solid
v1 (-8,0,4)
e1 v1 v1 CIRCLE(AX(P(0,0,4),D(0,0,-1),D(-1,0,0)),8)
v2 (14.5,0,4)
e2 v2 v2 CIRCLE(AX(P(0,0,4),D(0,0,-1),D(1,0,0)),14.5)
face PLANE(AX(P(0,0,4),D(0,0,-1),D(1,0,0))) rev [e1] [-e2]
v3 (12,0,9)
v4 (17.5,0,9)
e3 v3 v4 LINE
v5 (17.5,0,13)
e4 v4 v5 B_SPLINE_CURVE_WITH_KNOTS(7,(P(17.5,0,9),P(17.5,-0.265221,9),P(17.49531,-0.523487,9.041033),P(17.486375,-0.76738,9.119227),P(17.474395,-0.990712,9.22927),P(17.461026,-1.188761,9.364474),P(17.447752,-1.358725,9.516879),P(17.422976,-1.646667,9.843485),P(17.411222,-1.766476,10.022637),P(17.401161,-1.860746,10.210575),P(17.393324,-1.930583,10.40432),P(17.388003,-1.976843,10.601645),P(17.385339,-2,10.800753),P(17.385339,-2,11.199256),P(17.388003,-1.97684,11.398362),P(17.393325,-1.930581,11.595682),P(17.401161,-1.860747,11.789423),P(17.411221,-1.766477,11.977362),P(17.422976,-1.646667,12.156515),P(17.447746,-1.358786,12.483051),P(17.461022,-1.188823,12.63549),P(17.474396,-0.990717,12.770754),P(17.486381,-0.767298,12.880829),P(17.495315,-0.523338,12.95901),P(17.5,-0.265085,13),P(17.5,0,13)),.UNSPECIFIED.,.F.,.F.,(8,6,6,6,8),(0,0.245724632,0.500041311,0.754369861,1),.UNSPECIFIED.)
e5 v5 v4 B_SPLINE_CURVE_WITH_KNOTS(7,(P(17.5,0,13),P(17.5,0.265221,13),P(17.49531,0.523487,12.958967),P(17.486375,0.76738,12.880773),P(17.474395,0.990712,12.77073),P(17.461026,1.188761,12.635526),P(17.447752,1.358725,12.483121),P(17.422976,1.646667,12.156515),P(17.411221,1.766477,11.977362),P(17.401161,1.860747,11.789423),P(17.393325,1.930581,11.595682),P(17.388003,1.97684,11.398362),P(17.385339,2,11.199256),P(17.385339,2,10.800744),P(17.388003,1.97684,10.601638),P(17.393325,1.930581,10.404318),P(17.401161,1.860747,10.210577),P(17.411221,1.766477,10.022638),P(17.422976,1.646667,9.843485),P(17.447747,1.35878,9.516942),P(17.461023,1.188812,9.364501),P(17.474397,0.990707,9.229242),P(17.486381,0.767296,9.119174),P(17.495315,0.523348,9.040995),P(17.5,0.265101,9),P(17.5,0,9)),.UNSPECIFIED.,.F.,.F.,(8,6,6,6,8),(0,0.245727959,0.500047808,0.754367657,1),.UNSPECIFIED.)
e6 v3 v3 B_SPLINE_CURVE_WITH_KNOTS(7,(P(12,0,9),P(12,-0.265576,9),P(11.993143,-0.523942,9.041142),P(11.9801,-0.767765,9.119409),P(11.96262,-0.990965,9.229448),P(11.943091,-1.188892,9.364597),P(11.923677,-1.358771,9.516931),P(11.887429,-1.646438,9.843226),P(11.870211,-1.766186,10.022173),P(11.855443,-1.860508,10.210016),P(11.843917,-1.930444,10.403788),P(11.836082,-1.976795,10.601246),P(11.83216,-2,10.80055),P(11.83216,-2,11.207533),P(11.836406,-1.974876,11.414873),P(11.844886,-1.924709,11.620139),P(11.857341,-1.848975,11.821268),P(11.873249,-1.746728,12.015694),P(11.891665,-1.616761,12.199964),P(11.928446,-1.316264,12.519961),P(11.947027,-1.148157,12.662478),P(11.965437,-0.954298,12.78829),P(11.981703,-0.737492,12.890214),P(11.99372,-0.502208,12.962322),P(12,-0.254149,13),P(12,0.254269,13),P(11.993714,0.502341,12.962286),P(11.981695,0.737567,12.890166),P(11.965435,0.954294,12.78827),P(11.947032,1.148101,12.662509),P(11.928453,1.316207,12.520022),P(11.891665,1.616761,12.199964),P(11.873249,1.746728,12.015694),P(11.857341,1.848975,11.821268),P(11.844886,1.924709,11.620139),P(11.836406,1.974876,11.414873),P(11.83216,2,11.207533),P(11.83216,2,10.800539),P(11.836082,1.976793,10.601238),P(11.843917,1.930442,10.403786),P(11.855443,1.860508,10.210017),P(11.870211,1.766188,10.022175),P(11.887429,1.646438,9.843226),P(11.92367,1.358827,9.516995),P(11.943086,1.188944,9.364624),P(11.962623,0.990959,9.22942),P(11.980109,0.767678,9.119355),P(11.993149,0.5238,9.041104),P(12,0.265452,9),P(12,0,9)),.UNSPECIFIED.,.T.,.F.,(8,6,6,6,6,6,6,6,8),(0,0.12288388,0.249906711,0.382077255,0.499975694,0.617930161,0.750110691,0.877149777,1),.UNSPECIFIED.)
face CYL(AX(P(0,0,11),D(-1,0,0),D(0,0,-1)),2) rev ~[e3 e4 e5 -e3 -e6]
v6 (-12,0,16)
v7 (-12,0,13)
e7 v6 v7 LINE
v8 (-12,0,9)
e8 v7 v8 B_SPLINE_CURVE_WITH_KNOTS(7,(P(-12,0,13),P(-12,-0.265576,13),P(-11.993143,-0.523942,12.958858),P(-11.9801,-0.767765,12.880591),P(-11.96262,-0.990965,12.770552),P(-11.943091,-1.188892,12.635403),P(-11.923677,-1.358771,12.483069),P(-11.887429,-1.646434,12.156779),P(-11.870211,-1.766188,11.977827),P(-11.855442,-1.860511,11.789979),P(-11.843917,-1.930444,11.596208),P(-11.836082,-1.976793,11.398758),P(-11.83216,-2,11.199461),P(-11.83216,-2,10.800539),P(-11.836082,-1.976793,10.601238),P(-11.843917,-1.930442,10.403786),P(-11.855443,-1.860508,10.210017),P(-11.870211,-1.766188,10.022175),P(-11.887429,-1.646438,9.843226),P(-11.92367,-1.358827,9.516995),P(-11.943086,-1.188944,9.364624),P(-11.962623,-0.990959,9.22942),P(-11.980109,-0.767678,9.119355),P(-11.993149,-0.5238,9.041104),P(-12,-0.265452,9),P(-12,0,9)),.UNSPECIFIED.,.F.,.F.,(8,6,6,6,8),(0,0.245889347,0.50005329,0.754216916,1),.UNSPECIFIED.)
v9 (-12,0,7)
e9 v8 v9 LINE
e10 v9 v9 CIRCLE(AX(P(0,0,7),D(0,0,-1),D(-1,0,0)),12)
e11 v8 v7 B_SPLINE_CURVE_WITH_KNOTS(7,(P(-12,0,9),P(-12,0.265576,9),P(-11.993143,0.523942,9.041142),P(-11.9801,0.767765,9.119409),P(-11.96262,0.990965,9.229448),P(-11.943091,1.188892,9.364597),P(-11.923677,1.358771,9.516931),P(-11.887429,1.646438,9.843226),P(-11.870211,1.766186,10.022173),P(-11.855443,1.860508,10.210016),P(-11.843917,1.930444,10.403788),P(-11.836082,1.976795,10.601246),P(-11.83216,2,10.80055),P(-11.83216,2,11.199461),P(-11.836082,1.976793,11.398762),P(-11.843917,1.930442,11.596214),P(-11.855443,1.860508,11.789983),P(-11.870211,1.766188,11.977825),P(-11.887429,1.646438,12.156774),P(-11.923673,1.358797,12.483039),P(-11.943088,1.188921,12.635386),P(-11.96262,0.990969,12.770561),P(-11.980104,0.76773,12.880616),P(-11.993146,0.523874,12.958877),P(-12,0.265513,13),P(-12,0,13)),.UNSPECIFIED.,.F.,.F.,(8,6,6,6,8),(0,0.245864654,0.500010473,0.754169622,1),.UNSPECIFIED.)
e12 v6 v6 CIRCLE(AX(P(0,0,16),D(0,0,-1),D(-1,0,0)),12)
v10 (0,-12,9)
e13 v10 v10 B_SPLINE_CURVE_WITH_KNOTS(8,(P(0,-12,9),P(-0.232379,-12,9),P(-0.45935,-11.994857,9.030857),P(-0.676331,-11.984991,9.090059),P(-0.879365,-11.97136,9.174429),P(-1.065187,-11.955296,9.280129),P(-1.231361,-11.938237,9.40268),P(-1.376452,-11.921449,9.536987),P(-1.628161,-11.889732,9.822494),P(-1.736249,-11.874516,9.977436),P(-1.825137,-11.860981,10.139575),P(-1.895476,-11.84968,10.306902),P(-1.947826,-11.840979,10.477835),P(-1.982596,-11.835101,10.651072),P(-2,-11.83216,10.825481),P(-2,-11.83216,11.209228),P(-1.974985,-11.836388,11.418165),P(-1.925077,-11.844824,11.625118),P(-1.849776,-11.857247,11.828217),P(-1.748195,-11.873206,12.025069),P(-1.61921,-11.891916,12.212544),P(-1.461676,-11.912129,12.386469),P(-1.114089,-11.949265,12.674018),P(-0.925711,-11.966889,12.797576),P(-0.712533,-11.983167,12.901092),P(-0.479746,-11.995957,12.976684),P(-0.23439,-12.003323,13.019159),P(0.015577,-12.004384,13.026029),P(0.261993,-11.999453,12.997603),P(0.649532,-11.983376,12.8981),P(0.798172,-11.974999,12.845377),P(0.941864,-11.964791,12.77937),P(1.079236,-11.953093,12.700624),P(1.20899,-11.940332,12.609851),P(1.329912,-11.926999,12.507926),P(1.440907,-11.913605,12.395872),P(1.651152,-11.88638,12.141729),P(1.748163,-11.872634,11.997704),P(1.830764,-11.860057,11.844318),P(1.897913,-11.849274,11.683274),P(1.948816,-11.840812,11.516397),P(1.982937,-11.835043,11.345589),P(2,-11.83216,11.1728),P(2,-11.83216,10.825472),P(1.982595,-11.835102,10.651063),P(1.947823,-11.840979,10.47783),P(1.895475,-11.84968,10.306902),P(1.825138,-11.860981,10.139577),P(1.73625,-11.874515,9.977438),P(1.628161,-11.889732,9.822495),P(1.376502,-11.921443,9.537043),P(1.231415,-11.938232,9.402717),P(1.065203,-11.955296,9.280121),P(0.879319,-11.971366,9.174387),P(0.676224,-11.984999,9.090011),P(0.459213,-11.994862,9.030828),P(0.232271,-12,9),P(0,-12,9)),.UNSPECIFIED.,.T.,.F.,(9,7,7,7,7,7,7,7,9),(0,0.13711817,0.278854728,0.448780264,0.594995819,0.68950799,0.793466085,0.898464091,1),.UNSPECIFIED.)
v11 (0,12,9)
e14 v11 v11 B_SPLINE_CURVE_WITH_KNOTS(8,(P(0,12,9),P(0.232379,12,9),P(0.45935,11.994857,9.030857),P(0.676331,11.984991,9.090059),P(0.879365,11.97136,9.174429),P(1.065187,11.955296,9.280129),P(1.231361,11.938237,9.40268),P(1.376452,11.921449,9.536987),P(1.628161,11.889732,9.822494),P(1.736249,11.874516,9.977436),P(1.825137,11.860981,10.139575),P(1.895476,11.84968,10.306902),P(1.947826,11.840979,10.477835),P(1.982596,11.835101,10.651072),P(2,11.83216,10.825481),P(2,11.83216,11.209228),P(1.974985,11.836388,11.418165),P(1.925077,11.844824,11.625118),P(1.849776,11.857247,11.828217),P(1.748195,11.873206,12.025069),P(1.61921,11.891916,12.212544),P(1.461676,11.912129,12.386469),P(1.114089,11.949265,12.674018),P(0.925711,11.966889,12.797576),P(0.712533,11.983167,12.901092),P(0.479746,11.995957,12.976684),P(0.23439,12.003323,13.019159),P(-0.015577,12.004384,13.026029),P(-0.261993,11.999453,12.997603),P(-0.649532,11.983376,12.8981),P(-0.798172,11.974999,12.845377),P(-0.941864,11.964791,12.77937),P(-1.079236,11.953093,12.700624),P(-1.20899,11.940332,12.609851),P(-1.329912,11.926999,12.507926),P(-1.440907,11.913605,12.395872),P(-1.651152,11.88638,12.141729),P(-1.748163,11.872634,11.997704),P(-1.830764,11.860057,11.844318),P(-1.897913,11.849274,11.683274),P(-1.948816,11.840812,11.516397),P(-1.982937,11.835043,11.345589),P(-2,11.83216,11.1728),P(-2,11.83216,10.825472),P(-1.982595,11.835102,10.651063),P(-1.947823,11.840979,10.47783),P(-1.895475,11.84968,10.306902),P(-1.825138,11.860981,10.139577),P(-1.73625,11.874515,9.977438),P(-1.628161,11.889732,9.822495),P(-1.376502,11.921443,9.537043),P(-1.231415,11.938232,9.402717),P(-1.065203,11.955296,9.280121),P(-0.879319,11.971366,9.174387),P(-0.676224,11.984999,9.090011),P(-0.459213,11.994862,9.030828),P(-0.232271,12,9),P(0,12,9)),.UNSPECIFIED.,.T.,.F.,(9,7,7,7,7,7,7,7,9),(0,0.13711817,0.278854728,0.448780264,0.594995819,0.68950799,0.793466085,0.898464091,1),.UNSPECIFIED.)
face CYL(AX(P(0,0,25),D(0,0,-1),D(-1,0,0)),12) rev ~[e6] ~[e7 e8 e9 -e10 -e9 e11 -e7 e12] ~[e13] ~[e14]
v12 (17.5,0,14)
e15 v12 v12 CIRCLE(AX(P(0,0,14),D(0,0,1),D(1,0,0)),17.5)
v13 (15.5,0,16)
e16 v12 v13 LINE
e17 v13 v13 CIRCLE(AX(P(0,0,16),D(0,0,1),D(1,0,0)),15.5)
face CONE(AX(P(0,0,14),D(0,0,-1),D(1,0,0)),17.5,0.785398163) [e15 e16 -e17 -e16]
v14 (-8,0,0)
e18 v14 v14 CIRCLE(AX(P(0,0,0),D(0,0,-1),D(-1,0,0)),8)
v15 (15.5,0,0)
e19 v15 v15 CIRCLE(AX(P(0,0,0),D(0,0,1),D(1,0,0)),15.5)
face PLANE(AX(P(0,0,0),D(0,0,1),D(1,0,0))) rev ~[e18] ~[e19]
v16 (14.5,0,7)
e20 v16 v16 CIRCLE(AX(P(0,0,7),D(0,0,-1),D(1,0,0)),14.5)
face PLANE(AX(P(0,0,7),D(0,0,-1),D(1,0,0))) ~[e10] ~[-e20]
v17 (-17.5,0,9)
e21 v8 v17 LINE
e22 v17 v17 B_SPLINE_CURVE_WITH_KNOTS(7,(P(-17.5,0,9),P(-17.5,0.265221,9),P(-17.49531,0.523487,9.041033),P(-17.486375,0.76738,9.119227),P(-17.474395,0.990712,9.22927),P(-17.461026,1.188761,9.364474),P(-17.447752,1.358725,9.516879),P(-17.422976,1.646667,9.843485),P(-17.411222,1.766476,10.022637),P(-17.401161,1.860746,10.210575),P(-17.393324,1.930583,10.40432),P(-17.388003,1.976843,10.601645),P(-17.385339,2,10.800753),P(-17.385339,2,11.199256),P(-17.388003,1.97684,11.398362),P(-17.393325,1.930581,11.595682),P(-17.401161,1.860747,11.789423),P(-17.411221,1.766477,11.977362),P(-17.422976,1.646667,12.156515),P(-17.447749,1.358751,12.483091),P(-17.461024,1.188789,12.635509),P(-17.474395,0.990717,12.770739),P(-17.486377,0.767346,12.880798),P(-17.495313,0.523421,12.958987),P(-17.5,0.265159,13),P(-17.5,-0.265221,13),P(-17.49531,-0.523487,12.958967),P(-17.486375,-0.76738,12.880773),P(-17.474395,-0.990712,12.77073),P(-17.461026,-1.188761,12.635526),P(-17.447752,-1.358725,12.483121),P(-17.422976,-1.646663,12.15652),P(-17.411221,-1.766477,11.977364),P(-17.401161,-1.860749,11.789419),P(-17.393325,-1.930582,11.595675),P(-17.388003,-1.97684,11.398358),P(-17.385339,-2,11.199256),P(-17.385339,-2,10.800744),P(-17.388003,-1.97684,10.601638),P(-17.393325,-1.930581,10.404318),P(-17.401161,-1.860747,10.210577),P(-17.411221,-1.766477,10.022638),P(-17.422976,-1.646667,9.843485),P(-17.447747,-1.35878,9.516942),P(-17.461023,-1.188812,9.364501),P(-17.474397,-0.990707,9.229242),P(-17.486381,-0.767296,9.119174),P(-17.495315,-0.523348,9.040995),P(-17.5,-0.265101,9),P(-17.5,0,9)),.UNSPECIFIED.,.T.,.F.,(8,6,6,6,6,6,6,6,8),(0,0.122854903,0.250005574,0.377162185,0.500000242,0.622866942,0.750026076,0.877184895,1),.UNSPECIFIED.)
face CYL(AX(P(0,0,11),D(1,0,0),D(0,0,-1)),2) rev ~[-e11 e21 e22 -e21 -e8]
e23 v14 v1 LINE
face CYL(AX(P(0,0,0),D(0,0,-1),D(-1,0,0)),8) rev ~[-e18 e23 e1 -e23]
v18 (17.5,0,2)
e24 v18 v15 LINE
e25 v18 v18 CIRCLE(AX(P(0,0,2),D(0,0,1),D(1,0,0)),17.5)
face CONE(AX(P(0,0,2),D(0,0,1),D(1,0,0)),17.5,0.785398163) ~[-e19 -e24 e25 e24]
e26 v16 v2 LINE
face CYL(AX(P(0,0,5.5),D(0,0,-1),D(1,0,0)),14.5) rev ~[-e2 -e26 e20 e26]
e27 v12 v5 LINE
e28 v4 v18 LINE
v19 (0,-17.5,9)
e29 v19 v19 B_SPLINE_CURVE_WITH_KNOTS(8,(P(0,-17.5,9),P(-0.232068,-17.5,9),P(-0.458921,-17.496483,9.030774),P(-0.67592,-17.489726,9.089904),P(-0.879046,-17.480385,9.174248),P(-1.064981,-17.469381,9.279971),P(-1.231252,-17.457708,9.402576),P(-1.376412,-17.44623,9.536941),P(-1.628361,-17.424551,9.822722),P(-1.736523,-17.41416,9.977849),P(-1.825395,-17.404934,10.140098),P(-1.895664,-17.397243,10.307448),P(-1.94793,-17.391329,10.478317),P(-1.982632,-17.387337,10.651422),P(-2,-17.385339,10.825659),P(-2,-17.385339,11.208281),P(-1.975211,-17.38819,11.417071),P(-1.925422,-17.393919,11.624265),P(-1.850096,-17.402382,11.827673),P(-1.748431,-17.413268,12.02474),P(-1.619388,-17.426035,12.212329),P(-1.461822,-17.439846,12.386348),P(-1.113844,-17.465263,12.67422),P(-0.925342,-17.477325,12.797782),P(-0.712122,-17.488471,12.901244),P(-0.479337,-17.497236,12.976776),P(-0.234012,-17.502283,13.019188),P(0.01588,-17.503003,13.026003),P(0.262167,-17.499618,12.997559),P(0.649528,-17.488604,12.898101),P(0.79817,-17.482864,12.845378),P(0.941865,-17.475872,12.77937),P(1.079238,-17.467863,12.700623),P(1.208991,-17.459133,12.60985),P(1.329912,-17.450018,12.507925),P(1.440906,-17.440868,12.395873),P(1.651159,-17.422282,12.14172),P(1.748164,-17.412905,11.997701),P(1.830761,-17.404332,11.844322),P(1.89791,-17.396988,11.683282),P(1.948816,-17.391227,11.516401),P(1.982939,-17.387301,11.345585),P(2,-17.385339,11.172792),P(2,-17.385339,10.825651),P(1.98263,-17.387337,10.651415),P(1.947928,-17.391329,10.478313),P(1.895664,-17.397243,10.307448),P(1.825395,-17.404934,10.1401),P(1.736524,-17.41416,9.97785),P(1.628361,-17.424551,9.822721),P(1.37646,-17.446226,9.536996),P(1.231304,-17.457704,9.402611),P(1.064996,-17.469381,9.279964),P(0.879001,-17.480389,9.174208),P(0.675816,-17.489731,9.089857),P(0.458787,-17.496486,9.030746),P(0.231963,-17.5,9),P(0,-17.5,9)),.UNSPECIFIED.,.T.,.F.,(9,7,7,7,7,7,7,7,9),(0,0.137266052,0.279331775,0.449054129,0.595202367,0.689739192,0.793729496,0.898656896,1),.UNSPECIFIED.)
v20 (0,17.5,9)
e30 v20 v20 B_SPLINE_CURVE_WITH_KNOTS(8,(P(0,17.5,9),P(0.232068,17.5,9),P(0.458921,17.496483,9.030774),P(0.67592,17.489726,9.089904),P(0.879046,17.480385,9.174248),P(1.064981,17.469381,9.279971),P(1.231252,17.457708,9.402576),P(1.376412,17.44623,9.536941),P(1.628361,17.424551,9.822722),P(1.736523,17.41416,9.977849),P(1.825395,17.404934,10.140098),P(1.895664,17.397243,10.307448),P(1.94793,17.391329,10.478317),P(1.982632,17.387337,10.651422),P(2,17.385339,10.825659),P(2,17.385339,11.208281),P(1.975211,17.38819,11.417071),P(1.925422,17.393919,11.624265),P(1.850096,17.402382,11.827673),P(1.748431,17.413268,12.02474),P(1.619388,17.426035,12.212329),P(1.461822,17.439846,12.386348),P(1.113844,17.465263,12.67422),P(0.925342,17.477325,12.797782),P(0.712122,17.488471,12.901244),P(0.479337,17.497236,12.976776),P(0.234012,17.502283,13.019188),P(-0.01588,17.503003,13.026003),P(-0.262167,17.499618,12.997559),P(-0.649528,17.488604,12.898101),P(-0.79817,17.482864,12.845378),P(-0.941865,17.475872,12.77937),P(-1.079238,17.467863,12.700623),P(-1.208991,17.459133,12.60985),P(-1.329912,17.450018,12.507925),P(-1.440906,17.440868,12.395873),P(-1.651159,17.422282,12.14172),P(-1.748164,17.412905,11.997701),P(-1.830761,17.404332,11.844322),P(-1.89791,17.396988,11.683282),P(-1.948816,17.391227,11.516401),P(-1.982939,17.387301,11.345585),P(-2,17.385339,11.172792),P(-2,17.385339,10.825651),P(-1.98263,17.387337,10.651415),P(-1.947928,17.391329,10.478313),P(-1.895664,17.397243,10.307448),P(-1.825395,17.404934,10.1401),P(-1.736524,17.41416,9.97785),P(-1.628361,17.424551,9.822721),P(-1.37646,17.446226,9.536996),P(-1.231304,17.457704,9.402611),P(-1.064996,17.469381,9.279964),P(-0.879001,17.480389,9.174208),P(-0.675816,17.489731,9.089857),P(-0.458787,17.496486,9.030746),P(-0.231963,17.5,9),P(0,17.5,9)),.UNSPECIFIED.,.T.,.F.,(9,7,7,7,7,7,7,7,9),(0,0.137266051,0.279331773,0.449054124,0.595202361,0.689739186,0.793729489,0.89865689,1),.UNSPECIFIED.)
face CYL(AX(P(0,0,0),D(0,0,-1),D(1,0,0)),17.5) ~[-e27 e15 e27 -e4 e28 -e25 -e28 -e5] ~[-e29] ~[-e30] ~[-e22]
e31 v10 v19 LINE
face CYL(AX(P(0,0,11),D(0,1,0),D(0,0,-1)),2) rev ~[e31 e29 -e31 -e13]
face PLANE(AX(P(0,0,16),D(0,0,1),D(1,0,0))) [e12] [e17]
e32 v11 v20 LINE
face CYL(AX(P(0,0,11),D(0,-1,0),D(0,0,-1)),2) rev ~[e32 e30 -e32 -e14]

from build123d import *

# Parameters (mm, degrees)
SKETCH_1_R               = 17.5
EXTRUDE_1_DEPTH          = 16
HOLE_WIZARD_M27_1_D      = 24
HOLE_WIZARD_M27_1_DEPTH  = 9
HOLE_WIZARD_M27_1_TIP    = 6.92820323
SKETCH_4_R               = 17.5
EXTRUDE_2_DEPTH          = 4
SKETCH_5_W               = 3
SKETCH_5_H               = 10
SKETCH_6_R               = 2
CUT_EXTRUDE_1_DEPTH      = 30.470324057
PATTERN_CIRCULAR_1_COUNT = 4
SKETCH_7_R               = 8
CUT_EXTRUDE_2_DEPTH      = 30.47032423
CHAMFER_1_SIZE           = 2


with BuildPart() as part:
    # 草图1 → 凸台-拉伸1 (new body)
    with BuildSketch(Plane.XY):
        Circle(SKETCH_1_R)
    extrude(amount=EXTRUDE_1_DEPTH)

    # M27 螺纹孔1
    with Locations(Plane.XY.offset(16)):
        with Locations((0, 0)):
            Hole(HOLE_WIZARD_M27_1_D / 2, depth=HOLE_WIZARD_M27_1_DEPTH)
            with Locations((0, 0, -(HOLE_WIZARD_M27_1_DEPTH + HOLE_WIZARD_M27_1_TIP / 2))):  # 120° drill point
                Cone(0, HOLE_WIZARD_M27_1_D / 2, HOLE_WIZARD_M27_1_TIP, mode=Mode.SUBTRACT)

    # 草图4 → 凸台-拉伸2 (add)
    with BuildSketch(Plane(origin=(0, 0, 0), x_dir=(-1, 0, 0), z_dir=(0, 0, -1))):
        with Locations(Location((0, 0, 0), (0, 0, 180))):
            Circle(SKETCH_4_R)
    extrude_2 = extrude(amount=-EXTRUDE_2_DEPTH)

    # 草图5 → 切除-旋转1 (revolve, cut)
    with BuildSketch(Plane(origin=(0, 0, 0), x_dir=(0, 0, -1), z_dir=(1, 0, 0)), mode=Mode.PRIVATE) as cut_revolve_1_sk:
        with Locations((-5.5, 9.5)):
            Rectangle(SKETCH_5_W, SKETCH_5_H)
    revolve(cut_revolve_1_sk.sketch.rotate(Axis((0, 0, 16), (0, 0, -1)), 90), axis=Axis((0, 0, 16), (0, 0, -1)), mode=Mode.SUBTRACT)

    # 草图6 → 切除-拉伸1 (cut, through all)
    with BuildSketch(Plane(origin=(0, 0, 0), x_dir=(0, 0, -1), z_dir=(1, 0, 0))):
        with Locations((-11, 0)):
            Circle(SKETCH_6_R)
    cut_extrude_1 = extrude(amount=-CUT_EXTRUDE_1_DEPTH, mode=Mode.SUBTRACT)

    # 阵列(圆周)1: 凸台-拉伸2, 切除-拉伸1 ×4 about axis
    pattern_circular_1_axis = Axis((0, 0, 16), (0, 0, -1))
    add([extrude_2.rotate(pattern_circular_1_axis, i * 360 / PATTERN_CIRCULAR_1_COUNT) for i in range(1, PATTERN_CIRCULAR_1_COUNT)])
    add([cut_extrude_1.rotate(pattern_circular_1_axis, i * 360 / PATTERN_CIRCULAR_1_COUNT) for i in range(1, PATTERN_CIRCULAR_1_COUNT)], mode=Mode.SUBTRACT)

    # 草图7 → 切除-拉伸2 (cut, through all)
    with BuildSketch(Plane(origin=(0, 0, 0), x_dir=(-1, 0, 0), z_dir=(0, 0, -1))):
        Circle(SKETCH_7_R)
    extrude(amount=-CUT_EXTRUDE_2_DEPTH, mode=Mode.SUBTRACT)

    # 倒角1
    chamfer_1_edges = [part.edges().sort_by_distance(p)[0] for p in [
        (-17.5, 0, 0),
        (-17.5, 0, 16),
    ]]
    chamfer(chamfer_1_edges, length=CHAMFER_1_SIZE)


solid = part.part
